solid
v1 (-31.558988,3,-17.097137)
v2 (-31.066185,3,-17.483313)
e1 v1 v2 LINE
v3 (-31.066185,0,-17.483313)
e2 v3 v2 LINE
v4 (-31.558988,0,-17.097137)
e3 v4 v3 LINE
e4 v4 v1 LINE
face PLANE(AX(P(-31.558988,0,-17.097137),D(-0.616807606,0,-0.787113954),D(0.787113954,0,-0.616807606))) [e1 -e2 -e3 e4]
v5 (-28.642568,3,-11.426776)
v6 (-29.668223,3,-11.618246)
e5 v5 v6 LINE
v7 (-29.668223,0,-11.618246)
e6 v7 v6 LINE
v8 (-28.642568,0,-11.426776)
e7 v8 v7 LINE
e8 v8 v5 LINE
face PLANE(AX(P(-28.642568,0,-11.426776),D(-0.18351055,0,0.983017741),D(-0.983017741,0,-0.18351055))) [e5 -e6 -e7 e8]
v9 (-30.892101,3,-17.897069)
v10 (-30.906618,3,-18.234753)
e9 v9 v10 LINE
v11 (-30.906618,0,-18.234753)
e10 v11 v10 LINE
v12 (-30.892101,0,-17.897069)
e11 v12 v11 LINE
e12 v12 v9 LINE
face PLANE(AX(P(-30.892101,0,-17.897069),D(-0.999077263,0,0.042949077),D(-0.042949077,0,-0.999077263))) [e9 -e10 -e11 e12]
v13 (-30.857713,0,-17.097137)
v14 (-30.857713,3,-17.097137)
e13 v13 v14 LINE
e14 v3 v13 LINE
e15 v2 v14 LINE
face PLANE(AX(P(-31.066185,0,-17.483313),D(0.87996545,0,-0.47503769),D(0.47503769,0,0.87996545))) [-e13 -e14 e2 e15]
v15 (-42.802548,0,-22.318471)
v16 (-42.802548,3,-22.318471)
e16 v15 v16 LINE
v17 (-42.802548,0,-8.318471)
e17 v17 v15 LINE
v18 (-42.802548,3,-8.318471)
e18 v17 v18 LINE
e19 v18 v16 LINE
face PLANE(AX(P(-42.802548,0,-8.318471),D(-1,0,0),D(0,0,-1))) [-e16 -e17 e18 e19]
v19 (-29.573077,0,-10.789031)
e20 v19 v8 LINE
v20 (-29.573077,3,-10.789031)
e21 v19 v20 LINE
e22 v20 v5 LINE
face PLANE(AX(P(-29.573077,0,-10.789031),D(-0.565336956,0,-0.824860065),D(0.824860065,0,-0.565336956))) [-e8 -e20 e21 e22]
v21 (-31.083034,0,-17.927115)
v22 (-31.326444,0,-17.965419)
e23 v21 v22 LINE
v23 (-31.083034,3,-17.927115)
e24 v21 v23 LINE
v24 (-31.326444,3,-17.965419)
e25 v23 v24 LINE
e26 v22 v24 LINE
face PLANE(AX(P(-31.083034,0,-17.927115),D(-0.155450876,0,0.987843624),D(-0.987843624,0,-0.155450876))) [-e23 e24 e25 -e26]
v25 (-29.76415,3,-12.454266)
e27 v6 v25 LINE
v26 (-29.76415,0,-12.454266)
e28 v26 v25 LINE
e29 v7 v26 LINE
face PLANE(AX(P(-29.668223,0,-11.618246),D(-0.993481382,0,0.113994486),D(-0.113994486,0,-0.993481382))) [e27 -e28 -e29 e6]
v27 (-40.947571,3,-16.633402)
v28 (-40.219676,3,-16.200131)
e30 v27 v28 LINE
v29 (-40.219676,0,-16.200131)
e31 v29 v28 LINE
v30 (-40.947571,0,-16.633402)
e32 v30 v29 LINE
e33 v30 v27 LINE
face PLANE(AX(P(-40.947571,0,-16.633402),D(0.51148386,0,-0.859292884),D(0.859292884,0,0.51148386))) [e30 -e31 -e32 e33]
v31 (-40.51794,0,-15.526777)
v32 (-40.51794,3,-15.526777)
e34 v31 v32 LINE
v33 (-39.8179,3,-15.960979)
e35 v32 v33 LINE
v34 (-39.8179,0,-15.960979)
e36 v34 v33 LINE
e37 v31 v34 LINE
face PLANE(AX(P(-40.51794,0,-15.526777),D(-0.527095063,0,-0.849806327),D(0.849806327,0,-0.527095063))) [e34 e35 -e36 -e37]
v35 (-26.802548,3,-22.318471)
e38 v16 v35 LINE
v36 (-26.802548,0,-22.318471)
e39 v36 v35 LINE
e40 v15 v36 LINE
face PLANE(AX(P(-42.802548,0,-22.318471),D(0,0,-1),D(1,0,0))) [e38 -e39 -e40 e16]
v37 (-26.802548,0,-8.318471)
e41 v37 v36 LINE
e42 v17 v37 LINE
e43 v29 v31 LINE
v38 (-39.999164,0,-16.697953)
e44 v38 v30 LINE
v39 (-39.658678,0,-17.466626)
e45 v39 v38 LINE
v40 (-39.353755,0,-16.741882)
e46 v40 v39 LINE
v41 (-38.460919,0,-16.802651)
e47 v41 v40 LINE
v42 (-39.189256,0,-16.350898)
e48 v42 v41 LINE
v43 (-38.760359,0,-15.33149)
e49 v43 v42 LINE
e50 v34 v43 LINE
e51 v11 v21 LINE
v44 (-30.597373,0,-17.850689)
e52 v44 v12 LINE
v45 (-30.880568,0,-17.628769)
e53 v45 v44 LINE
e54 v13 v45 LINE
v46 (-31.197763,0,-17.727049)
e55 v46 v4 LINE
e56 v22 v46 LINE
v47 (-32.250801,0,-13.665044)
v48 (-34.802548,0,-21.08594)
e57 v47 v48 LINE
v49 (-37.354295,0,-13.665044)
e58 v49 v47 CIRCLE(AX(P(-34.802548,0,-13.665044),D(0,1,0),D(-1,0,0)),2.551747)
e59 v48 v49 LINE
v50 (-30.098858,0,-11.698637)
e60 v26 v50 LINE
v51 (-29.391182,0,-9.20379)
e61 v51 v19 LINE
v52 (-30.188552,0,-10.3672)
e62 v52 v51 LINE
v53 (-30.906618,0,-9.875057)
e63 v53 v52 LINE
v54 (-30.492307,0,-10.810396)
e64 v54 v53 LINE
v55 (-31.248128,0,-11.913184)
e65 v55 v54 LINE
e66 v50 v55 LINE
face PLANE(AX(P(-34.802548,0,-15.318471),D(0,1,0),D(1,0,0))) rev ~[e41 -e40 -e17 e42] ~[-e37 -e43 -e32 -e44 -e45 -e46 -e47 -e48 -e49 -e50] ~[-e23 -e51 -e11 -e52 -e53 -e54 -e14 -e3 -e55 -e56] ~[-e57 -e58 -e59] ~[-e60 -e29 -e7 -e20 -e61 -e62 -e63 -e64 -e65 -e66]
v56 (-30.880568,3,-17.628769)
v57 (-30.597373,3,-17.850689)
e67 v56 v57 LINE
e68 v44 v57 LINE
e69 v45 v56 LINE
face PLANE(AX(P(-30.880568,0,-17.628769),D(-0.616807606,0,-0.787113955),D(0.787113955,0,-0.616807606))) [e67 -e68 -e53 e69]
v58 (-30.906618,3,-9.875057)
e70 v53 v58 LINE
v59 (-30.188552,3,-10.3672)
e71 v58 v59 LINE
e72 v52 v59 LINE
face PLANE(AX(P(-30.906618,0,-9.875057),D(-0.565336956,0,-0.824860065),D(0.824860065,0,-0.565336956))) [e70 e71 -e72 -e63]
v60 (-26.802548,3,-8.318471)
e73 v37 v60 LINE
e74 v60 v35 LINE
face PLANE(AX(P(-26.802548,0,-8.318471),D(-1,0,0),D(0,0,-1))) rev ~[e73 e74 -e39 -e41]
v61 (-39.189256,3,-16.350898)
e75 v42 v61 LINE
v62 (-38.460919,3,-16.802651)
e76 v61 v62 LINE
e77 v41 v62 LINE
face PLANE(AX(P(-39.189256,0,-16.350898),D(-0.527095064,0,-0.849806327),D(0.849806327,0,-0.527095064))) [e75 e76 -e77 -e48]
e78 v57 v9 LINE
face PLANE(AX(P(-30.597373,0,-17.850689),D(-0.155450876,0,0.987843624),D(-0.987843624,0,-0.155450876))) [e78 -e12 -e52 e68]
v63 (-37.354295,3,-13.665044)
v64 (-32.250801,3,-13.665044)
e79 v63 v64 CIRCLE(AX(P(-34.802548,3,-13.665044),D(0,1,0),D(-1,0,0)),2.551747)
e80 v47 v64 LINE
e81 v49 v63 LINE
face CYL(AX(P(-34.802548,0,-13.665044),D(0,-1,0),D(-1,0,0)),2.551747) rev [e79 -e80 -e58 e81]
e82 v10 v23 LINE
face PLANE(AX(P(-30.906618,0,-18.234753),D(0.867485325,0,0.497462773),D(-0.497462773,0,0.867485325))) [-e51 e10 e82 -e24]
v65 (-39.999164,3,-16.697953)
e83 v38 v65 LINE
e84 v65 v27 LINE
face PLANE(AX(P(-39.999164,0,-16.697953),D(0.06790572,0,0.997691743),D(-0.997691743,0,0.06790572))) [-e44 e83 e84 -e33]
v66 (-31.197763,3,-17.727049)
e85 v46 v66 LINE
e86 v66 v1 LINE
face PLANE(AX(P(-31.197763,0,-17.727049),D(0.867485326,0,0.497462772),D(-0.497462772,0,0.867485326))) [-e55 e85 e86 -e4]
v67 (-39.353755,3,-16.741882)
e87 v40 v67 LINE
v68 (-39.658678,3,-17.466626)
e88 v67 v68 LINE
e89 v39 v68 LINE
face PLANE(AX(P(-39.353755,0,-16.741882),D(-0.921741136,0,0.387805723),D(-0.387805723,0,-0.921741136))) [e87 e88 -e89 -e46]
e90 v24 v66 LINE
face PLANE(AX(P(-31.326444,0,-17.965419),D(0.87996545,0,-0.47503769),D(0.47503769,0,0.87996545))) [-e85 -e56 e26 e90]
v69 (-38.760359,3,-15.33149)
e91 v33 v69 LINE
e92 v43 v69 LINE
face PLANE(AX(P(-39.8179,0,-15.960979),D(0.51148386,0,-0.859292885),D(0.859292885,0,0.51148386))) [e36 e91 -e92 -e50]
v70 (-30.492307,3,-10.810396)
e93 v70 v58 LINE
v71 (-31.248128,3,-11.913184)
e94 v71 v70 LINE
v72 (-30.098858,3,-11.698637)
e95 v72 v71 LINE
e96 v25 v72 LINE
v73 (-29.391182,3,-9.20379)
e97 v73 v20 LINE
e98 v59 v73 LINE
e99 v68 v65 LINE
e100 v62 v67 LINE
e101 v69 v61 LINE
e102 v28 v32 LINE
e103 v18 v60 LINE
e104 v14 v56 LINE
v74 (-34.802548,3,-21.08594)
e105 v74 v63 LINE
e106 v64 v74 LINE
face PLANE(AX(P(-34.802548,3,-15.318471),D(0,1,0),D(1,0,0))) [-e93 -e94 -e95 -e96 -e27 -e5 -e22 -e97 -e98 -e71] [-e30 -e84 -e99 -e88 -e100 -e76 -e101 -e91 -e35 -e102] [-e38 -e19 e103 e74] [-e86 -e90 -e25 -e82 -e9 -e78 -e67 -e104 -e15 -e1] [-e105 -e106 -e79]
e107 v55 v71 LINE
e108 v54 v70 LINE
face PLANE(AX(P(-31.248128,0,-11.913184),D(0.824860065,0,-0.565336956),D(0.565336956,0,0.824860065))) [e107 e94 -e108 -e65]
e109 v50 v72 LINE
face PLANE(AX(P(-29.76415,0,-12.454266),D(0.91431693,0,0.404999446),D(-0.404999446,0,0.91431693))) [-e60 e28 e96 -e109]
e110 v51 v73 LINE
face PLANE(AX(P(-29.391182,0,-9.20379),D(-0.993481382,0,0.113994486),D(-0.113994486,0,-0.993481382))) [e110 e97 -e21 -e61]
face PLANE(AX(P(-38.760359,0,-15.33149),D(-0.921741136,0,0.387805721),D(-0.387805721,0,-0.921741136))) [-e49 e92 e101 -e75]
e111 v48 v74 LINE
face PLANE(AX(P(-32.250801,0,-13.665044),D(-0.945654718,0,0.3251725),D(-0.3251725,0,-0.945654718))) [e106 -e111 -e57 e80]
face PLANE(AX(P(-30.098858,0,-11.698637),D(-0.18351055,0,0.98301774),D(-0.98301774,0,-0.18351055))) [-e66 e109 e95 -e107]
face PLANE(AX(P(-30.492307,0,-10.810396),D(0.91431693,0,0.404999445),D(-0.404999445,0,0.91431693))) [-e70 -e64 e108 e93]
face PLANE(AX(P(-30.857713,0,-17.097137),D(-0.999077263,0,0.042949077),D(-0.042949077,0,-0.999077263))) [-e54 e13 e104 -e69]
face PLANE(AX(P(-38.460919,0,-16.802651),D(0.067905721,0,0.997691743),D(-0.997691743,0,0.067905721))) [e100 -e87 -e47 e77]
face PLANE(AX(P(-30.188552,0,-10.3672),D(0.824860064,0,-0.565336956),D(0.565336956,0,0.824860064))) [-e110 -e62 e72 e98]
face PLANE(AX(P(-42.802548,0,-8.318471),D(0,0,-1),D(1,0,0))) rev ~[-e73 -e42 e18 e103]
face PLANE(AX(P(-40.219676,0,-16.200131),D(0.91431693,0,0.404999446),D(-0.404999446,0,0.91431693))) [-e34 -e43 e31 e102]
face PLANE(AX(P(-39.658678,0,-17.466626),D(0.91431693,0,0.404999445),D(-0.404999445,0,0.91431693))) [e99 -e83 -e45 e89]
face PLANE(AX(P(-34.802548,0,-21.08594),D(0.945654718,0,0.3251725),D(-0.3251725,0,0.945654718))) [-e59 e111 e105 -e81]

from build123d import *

# Parameters (mm, degrees)
SKETCH1_W           = 16
SKETCH1_H           = 14
BOSS_EXTRUDE1_DEPTH = 3


with BuildPart() as part:
    # Sketch1 → Boss-Extrude1 (new body)
    with BuildSketch(Plane(origin=(0, 0, 0), x_dir=(1, 0, 0), z_dir=(0, 1, 0))):
        with Locations((-34.802547771, 15.318471338)):
            Rectangle(SKETCH1_W, SKETCH1_H)
        with BuildLine():
            Line((-34.802547771, 21.085939893), (-37.354294581, 13.665043558))
            ThreePointArc((-37.354294581, 13.665043558), (-34.802547771, 11.113296747), (-32.250800961, 13.665043558))
            Line((-32.250800961, 13.665043558), (-34.802547771, 21.085939893))
        make_face(mode=Mode.SUBTRACT)
        Polygon((-39.65867818, 17.46662554), (-39.999163851, 16.697953343), (-40.947570701, 16.633402092), (-40.219675658, 16.200131233), (-40.517939861, 15.5267772), (-39.817900069, 15.960979096), (-38.76035915, 15.331490454), (-39.189256036, 16.350897547), (-38.460919473, 16.802650605), (-39.353755451, 16.741881664), align=None, mode=Mode.SUBTRACT)
        Polygon((-29.764149732, 12.454265734), (-30.098857658, 11.698637236), (-31.248127998, 11.913183956), (-30.492306767, 10.810396065), (-30.906618006, 9.875057055), (-30.188552158, 10.36720012), (-29.391182209, 9.203790192), (-29.573076572, 10.789030573), (-28.642568323, 11.42677596), (-29.668222777, 11.618245966), align=None, mode=Mode.SUBTRACT)
        Polygon((-30.906618006, 18.234753406), (-31.083034427, 17.927114996), (-31.326443698, 17.965418816), (-31.197762972, 17.727049113), (-31.558988429, 17.097137085), (-31.066185401, 17.48331326), (-30.857713309, 17.097137085), (-30.880567513, 17.628769359), (-30.59737318, 17.850689473), (-30.892101379, 17.897069037), align=None, mode=Mode.SUBTRACT)
    extrude(amount=BOSS_EXTRUDE1_DEPTH)


solid = part.part
